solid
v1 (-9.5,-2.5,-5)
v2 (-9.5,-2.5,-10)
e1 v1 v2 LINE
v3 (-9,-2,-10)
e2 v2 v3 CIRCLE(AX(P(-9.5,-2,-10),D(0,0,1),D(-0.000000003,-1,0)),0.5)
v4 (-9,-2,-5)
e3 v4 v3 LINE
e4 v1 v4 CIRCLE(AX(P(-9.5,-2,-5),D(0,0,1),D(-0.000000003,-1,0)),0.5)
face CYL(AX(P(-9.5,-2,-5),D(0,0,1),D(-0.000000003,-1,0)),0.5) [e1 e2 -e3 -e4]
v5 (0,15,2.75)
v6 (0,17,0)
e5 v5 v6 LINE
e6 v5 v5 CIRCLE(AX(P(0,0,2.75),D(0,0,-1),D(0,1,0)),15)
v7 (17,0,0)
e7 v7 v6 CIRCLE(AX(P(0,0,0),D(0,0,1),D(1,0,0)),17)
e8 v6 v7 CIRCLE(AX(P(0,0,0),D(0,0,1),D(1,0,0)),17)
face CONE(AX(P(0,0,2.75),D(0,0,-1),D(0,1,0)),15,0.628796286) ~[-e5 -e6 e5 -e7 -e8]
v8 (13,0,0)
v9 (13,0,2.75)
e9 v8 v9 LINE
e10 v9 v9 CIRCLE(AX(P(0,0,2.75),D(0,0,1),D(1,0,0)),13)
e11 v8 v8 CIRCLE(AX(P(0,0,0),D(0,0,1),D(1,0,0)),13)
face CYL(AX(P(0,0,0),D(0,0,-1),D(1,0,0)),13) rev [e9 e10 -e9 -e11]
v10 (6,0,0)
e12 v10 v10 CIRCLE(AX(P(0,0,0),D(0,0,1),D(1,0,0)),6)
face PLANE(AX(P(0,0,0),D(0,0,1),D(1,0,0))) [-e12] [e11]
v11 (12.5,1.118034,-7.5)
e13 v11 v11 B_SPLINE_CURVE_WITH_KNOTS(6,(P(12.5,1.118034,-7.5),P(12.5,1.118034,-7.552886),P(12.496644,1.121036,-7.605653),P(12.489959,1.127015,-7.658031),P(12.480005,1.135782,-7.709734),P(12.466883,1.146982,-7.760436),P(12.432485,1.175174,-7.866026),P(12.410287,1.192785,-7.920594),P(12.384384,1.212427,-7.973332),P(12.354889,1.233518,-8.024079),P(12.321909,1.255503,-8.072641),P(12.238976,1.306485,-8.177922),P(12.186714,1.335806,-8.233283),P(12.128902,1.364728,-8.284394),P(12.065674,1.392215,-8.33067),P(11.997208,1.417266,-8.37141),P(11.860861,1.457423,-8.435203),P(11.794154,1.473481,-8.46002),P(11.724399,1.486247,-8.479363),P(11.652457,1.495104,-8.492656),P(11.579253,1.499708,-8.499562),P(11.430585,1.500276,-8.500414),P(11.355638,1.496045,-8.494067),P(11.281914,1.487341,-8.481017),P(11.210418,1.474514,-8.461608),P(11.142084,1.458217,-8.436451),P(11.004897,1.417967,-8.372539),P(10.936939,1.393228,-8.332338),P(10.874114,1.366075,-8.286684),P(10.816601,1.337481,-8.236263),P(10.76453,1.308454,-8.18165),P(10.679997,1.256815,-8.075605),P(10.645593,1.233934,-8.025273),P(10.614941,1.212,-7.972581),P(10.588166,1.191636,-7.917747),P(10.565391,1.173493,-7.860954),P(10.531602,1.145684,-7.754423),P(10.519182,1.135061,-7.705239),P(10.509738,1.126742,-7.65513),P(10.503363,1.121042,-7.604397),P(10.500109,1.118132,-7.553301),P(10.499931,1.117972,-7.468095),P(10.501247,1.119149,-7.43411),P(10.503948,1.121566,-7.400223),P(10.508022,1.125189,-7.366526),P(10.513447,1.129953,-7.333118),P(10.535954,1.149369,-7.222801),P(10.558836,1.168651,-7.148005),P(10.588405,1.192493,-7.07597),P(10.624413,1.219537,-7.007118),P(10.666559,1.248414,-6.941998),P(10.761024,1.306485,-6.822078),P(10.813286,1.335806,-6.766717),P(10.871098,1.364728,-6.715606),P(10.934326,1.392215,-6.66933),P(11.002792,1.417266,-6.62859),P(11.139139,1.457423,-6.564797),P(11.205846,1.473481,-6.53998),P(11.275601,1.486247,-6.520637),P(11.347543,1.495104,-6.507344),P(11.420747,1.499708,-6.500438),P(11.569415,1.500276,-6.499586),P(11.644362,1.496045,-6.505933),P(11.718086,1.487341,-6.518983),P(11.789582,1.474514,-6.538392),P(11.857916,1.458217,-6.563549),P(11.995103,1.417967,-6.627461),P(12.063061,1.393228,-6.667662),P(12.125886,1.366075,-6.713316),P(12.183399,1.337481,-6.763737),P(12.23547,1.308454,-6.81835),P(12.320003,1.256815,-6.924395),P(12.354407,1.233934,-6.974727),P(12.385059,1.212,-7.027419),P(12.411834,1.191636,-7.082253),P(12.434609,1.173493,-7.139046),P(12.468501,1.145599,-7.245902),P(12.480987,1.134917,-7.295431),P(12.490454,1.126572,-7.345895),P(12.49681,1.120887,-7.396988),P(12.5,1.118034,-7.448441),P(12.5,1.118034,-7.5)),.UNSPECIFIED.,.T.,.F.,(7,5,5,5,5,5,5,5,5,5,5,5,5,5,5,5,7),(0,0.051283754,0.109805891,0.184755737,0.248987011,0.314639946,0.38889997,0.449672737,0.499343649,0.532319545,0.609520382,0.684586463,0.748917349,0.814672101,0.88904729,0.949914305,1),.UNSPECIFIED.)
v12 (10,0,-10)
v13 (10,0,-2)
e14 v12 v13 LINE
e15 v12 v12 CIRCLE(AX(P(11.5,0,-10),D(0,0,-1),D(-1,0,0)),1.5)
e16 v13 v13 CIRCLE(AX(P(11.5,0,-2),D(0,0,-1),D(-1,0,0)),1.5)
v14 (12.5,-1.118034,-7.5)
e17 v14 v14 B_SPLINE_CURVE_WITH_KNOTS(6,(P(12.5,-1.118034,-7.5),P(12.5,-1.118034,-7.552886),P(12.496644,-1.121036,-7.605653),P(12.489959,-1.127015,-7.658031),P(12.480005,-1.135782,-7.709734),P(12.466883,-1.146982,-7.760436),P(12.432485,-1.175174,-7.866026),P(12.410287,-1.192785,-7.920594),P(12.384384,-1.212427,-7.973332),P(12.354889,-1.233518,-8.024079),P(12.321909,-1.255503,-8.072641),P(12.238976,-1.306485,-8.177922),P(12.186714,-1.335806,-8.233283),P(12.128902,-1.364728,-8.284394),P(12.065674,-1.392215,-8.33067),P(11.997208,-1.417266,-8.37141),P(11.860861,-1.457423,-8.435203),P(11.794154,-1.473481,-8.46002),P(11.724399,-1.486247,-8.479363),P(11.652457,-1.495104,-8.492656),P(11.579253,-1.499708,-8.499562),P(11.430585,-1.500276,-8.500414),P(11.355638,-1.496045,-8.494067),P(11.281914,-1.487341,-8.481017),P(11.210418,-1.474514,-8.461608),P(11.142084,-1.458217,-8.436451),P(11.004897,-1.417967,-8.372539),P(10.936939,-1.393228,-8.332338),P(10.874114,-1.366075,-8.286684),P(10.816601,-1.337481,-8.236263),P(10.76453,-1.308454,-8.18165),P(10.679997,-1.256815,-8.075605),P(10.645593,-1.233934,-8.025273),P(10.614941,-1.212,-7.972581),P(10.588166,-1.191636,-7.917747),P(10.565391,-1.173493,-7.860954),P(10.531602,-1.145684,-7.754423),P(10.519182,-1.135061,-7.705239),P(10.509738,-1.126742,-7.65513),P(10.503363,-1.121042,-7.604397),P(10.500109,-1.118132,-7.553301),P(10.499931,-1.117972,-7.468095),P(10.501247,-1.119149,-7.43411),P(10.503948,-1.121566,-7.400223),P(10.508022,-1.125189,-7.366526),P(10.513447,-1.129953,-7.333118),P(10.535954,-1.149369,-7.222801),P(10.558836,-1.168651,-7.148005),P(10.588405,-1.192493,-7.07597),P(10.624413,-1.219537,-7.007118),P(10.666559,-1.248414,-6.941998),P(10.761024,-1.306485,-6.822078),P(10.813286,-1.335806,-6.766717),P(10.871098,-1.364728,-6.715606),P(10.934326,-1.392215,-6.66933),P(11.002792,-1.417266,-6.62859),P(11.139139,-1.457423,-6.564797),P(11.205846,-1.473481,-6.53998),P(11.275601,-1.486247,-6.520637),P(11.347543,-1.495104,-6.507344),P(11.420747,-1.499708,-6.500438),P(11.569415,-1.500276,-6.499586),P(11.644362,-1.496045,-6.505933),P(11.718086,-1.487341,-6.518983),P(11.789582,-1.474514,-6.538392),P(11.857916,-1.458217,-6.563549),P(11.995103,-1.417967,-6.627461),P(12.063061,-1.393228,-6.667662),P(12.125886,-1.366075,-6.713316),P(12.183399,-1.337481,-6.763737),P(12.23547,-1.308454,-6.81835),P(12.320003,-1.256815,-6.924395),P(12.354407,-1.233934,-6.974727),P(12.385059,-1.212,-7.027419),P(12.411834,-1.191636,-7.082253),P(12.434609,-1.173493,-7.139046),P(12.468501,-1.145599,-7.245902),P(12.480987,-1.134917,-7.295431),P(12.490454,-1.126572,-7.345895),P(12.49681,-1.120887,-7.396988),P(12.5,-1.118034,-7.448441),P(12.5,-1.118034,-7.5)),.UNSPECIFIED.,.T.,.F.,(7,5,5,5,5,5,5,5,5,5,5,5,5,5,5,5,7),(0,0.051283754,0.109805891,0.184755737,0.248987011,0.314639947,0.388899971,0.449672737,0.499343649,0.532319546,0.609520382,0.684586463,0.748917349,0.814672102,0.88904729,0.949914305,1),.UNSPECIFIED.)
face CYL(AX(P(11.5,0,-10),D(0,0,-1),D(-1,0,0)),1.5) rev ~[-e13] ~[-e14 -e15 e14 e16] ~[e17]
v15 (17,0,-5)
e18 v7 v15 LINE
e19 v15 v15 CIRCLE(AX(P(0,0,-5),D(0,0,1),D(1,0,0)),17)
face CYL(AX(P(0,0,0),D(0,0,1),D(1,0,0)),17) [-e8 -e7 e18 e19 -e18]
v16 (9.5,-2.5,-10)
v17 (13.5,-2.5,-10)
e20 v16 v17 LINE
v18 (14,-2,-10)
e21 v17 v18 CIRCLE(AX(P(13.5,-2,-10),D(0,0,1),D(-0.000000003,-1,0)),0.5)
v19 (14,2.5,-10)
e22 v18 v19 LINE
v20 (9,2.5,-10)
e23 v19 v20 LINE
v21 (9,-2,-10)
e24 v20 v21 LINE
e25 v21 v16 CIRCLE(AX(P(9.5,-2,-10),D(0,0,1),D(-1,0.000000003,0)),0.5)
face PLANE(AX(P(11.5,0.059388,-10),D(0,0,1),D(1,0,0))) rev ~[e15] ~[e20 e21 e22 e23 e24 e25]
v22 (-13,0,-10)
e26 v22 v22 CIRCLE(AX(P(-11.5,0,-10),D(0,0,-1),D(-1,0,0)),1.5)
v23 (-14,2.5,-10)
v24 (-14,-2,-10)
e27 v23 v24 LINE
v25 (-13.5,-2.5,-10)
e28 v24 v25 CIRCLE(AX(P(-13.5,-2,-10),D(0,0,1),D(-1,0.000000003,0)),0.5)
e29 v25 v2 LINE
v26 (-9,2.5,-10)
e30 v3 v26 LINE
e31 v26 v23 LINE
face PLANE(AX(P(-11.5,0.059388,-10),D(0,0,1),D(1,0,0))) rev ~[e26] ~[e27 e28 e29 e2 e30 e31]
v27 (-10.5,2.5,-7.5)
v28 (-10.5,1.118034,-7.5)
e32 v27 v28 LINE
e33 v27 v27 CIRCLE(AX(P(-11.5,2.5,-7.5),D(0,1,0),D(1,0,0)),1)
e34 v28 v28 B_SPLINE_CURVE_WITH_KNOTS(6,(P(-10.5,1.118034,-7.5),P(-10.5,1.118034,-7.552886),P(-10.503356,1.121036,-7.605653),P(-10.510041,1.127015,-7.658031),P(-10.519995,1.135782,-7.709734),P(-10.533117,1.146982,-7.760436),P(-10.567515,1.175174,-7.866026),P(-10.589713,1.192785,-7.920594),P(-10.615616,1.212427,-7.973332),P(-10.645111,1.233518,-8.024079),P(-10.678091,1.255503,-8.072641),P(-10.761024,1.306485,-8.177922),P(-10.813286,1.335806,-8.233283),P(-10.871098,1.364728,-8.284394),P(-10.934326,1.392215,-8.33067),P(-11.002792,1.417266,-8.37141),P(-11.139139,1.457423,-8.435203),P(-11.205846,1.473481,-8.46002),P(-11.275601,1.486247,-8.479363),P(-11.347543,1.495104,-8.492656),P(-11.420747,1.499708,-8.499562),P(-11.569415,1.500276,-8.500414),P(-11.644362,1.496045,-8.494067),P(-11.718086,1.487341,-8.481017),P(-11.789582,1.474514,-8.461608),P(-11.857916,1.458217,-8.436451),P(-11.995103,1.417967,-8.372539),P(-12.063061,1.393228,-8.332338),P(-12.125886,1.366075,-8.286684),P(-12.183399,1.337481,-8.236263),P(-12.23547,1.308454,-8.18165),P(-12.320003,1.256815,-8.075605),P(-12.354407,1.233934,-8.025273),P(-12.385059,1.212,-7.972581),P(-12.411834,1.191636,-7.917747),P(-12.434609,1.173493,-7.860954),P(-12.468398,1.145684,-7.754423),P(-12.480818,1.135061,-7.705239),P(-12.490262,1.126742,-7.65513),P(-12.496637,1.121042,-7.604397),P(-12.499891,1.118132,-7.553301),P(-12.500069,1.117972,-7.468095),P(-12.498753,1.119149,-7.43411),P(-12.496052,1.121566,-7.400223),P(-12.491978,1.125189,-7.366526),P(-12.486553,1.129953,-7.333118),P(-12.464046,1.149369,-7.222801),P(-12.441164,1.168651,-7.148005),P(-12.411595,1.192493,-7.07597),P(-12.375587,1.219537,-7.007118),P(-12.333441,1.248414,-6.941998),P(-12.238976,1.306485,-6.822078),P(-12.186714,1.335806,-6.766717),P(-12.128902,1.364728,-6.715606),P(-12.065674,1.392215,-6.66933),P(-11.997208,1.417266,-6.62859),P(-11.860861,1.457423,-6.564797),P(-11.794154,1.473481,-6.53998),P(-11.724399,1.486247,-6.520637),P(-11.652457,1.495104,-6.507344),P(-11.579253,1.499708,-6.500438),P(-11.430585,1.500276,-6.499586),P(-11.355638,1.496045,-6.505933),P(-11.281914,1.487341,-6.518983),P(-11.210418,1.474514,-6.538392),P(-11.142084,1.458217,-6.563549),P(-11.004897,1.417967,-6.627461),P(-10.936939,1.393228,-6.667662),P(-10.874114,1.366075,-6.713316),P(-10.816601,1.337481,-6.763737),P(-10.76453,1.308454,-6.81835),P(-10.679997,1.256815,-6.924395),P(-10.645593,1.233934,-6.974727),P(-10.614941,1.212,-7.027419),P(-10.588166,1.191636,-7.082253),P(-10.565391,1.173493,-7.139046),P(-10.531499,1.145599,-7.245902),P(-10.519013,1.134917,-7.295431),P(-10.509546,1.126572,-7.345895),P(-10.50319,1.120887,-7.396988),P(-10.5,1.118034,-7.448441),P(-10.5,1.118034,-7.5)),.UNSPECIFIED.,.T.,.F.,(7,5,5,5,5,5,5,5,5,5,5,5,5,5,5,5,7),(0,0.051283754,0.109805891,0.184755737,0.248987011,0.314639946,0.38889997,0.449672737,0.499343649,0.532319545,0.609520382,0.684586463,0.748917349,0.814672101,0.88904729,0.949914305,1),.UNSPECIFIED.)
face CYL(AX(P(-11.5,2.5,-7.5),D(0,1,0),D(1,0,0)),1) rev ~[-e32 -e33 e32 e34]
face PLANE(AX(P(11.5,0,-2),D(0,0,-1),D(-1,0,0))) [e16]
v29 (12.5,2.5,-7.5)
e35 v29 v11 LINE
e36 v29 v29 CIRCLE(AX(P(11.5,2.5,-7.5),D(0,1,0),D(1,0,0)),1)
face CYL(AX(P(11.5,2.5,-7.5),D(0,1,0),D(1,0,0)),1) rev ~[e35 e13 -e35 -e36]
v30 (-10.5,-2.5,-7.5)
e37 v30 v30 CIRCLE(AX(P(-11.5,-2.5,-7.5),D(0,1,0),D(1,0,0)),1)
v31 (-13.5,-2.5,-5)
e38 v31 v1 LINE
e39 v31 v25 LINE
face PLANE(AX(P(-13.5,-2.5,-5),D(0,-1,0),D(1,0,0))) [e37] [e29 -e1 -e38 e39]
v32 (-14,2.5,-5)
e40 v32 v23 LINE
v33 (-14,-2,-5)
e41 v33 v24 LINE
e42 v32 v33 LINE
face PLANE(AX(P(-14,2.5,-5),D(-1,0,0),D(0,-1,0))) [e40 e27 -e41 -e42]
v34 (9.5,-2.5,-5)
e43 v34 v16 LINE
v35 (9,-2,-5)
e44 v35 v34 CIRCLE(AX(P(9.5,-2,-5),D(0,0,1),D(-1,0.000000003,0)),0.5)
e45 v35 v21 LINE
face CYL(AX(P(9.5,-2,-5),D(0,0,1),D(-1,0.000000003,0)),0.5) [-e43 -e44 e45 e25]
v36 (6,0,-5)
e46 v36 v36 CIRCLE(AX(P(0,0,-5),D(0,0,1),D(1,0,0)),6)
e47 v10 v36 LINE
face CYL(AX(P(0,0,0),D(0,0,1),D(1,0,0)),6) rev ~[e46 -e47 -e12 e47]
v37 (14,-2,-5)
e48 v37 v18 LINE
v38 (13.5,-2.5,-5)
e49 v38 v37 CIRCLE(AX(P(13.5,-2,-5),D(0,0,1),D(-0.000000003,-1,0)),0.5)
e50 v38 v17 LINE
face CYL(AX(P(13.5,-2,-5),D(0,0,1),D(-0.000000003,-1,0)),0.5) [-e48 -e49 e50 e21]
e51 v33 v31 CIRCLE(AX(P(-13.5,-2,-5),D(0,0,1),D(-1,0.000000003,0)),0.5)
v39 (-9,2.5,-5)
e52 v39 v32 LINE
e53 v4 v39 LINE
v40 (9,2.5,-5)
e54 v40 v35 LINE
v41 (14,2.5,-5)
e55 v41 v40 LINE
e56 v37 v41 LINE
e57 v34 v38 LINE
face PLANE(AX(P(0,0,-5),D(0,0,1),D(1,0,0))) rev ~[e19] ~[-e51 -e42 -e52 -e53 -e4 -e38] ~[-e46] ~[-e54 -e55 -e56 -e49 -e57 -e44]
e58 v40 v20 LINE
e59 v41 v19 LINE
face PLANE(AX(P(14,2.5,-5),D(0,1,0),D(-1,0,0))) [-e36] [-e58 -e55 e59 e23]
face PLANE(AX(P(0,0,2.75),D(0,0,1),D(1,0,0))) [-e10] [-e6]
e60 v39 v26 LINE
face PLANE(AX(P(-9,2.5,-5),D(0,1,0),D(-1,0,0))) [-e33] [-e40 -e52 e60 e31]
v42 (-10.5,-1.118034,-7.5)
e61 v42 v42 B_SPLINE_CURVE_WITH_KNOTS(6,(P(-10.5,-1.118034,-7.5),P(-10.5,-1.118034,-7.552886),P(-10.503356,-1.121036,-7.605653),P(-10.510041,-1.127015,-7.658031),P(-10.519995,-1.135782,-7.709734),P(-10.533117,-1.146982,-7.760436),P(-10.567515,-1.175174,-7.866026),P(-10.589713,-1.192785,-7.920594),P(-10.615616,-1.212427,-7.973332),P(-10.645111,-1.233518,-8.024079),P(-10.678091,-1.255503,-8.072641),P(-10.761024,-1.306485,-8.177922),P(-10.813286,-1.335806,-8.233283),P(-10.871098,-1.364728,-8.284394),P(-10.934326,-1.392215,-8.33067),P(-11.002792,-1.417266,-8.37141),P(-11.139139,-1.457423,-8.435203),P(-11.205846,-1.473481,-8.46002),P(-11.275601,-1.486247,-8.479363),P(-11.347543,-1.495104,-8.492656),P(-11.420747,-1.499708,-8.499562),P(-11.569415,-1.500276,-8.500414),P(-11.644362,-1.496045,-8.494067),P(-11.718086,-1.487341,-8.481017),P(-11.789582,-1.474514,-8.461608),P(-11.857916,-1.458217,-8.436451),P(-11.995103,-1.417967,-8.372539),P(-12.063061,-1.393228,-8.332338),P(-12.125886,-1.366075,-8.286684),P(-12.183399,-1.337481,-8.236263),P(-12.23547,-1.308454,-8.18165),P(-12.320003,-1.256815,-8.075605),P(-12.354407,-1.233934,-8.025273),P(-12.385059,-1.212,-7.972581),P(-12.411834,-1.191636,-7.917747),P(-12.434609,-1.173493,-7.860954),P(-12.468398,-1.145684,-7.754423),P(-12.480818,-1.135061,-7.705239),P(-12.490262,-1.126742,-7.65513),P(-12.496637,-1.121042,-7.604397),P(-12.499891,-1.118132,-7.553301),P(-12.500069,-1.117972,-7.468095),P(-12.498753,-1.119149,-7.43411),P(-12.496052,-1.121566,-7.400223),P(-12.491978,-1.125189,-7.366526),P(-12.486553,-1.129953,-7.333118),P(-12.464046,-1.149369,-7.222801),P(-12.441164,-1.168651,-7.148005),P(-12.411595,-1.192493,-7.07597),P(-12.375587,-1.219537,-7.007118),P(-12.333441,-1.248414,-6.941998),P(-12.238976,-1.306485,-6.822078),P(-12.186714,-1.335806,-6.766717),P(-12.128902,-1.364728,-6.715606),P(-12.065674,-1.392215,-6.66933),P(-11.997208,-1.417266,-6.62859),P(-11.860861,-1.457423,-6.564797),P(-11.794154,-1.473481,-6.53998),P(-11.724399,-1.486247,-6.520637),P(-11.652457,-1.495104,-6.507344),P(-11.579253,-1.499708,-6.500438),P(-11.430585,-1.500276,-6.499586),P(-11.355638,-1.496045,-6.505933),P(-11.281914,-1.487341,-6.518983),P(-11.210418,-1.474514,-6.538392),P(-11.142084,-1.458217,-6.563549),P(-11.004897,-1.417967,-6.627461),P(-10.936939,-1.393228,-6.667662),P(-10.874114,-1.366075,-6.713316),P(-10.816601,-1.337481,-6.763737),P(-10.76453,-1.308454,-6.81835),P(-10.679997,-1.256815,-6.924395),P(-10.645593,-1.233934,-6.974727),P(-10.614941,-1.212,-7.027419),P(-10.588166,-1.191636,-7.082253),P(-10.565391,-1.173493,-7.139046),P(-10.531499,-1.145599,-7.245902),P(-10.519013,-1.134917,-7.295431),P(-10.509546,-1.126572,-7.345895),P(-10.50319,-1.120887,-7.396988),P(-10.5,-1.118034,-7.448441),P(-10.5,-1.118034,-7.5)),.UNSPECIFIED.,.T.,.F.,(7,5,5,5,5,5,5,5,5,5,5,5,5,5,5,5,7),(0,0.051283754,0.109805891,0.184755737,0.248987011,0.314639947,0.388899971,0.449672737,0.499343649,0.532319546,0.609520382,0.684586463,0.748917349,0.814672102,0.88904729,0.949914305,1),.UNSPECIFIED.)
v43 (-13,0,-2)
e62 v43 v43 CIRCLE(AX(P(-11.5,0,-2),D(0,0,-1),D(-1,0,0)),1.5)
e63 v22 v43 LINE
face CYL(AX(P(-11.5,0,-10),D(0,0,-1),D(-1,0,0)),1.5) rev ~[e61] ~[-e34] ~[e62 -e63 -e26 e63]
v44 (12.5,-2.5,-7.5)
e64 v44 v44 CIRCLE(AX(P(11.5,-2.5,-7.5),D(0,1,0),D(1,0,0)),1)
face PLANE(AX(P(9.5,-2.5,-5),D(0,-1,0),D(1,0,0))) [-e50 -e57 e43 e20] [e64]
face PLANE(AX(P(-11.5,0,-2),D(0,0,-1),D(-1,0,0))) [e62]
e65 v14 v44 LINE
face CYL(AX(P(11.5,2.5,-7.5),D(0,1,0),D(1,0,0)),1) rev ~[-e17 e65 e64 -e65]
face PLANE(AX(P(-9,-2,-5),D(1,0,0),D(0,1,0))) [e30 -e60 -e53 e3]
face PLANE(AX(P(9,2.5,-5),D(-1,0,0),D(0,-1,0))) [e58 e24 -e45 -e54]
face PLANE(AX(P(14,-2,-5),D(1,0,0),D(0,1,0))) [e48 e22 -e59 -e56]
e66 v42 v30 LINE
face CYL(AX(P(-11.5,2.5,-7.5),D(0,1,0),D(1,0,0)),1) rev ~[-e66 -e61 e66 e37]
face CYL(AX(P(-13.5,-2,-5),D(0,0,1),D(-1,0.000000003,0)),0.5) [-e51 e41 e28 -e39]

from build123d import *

# Parameters (mm, degrees)
SKETCH1_R           = 17
SKETCH1_R_2         = 6
BOSS_EXTRUDE1_DEPTH = 5
SKETCH2_R           = 15
SKETCH2_R_2         = 13
BOSS_EXTRUDE2_DEPTH = 2.75
BOSS_EXTRUDE4_DEPTH = 5
SKETCH5_R           = 1
CUT_EXTRUDE1_DEPTH  = 20.5
SKETCH6_R           = 1.5
CUT_EXTRUDE2_DEPTH  = 8


with BuildPart() as part:
    # Sketch1 → Boss-Extrude1 (new body)
    with BuildSketch(Plane.XY):
        Circle(SKETCH1_R)
        Circle(SKETCH1_R_2, mode=Mode.SUBTRACT)
    extrude(amount=-BOSS_EXTRUDE1_DEPTH)

    # Sketch2 → Boss-Extrude2 (add)
    with BuildSketch(Plane.XY):
        Circle(SKETCH2_R)
        Circle(SKETCH2_R_2, mode=Mode.SUBTRACT)
    extrude(amount=BOSS_EXTRUDE2_DEPTH)

    # Sketch3 → Revolve1 (revolve)
    with BuildSketch(Plane(origin=(0, 0, 0), x_dir=(0, 0, -1), z_dir=(1, 0, 0))):
        Polygon((-2.75, 15), (0, 17), (0, 15), align=None)
    revolve(axis=Axis((0, 0, 0), (0, 0, 1)))

    # Sketch4 → Boss-Extrude4 (add)
    with BuildSketch(Plane(origin=(0, 0, -5), x_dir=(-1, 0, 0), z_dir=(0, 0, -1))):
        with BuildLine():
            Line((-14, 2.5), (-9, 2.5))
            Line((-9, 2.5), (-9, -2))
            ThreePointArc((-9, -2), (-9.146446609, -2.353553391), (-9.5, -2.5))
            Line((-9.5, -2.5), (-13.5, -2.5))
            ThreePointArc((-13.5, -2.5), (-13.853553391, -2.353553391), (-14, -2))
            Line((-14, -2), (-14, 2.5))
        make_face()
        with BuildLine():
            Line((13.5, -2.5), (9.5, -2.5))
            ThreePointArc((9.5, -2.5), (9.146446609, -2.353553391), (9, -2))
            Line((9, -2), (9, 2.5))
            Line((9, 2.5), (14, 2.5))
            Line((14, 2.5), (14, -2))
            ThreePointArc((14, -2), (13.853553391, -2.353553391), (13.5, -2.5))
        make_face()
    extrude(amount=BOSS_EXTRUDE4_DEPTH)

    # Sketch5 → Cut-Extrude1 (cut, through all)
    with BuildSketch(Plane(origin=(0, 2.5, 0), x_dir=(1, 0, 0), z_dir=(0, 1, 0))):
        with Locations((11.5, 7.5)):
            Circle(SKETCH5_R)
        with Locations((-11.5, 7.5)):
            Circle(SKETCH5_R)
    extrude(amount=-CUT_EXTRUDE1_DEPTH, mode=Mode.SUBTRACT)

    # Sketch6 → Cut-Extrude2 (cut)
    with BuildSketch(Plane(origin=(0, 0, -10), x_dir=(-1, 0, 0), z_dir=(0, 0, -1))):
        with Locations((-11.5, 0)):
            Circle(SKETCH6_R)
        with Locations((11.5, 0)):
            Circle(SKETCH6_R)
    extrude(amount=-CUT_EXTRUDE2_DEPTH, mode=Mode.SUBTRACT)


solid = part.part
